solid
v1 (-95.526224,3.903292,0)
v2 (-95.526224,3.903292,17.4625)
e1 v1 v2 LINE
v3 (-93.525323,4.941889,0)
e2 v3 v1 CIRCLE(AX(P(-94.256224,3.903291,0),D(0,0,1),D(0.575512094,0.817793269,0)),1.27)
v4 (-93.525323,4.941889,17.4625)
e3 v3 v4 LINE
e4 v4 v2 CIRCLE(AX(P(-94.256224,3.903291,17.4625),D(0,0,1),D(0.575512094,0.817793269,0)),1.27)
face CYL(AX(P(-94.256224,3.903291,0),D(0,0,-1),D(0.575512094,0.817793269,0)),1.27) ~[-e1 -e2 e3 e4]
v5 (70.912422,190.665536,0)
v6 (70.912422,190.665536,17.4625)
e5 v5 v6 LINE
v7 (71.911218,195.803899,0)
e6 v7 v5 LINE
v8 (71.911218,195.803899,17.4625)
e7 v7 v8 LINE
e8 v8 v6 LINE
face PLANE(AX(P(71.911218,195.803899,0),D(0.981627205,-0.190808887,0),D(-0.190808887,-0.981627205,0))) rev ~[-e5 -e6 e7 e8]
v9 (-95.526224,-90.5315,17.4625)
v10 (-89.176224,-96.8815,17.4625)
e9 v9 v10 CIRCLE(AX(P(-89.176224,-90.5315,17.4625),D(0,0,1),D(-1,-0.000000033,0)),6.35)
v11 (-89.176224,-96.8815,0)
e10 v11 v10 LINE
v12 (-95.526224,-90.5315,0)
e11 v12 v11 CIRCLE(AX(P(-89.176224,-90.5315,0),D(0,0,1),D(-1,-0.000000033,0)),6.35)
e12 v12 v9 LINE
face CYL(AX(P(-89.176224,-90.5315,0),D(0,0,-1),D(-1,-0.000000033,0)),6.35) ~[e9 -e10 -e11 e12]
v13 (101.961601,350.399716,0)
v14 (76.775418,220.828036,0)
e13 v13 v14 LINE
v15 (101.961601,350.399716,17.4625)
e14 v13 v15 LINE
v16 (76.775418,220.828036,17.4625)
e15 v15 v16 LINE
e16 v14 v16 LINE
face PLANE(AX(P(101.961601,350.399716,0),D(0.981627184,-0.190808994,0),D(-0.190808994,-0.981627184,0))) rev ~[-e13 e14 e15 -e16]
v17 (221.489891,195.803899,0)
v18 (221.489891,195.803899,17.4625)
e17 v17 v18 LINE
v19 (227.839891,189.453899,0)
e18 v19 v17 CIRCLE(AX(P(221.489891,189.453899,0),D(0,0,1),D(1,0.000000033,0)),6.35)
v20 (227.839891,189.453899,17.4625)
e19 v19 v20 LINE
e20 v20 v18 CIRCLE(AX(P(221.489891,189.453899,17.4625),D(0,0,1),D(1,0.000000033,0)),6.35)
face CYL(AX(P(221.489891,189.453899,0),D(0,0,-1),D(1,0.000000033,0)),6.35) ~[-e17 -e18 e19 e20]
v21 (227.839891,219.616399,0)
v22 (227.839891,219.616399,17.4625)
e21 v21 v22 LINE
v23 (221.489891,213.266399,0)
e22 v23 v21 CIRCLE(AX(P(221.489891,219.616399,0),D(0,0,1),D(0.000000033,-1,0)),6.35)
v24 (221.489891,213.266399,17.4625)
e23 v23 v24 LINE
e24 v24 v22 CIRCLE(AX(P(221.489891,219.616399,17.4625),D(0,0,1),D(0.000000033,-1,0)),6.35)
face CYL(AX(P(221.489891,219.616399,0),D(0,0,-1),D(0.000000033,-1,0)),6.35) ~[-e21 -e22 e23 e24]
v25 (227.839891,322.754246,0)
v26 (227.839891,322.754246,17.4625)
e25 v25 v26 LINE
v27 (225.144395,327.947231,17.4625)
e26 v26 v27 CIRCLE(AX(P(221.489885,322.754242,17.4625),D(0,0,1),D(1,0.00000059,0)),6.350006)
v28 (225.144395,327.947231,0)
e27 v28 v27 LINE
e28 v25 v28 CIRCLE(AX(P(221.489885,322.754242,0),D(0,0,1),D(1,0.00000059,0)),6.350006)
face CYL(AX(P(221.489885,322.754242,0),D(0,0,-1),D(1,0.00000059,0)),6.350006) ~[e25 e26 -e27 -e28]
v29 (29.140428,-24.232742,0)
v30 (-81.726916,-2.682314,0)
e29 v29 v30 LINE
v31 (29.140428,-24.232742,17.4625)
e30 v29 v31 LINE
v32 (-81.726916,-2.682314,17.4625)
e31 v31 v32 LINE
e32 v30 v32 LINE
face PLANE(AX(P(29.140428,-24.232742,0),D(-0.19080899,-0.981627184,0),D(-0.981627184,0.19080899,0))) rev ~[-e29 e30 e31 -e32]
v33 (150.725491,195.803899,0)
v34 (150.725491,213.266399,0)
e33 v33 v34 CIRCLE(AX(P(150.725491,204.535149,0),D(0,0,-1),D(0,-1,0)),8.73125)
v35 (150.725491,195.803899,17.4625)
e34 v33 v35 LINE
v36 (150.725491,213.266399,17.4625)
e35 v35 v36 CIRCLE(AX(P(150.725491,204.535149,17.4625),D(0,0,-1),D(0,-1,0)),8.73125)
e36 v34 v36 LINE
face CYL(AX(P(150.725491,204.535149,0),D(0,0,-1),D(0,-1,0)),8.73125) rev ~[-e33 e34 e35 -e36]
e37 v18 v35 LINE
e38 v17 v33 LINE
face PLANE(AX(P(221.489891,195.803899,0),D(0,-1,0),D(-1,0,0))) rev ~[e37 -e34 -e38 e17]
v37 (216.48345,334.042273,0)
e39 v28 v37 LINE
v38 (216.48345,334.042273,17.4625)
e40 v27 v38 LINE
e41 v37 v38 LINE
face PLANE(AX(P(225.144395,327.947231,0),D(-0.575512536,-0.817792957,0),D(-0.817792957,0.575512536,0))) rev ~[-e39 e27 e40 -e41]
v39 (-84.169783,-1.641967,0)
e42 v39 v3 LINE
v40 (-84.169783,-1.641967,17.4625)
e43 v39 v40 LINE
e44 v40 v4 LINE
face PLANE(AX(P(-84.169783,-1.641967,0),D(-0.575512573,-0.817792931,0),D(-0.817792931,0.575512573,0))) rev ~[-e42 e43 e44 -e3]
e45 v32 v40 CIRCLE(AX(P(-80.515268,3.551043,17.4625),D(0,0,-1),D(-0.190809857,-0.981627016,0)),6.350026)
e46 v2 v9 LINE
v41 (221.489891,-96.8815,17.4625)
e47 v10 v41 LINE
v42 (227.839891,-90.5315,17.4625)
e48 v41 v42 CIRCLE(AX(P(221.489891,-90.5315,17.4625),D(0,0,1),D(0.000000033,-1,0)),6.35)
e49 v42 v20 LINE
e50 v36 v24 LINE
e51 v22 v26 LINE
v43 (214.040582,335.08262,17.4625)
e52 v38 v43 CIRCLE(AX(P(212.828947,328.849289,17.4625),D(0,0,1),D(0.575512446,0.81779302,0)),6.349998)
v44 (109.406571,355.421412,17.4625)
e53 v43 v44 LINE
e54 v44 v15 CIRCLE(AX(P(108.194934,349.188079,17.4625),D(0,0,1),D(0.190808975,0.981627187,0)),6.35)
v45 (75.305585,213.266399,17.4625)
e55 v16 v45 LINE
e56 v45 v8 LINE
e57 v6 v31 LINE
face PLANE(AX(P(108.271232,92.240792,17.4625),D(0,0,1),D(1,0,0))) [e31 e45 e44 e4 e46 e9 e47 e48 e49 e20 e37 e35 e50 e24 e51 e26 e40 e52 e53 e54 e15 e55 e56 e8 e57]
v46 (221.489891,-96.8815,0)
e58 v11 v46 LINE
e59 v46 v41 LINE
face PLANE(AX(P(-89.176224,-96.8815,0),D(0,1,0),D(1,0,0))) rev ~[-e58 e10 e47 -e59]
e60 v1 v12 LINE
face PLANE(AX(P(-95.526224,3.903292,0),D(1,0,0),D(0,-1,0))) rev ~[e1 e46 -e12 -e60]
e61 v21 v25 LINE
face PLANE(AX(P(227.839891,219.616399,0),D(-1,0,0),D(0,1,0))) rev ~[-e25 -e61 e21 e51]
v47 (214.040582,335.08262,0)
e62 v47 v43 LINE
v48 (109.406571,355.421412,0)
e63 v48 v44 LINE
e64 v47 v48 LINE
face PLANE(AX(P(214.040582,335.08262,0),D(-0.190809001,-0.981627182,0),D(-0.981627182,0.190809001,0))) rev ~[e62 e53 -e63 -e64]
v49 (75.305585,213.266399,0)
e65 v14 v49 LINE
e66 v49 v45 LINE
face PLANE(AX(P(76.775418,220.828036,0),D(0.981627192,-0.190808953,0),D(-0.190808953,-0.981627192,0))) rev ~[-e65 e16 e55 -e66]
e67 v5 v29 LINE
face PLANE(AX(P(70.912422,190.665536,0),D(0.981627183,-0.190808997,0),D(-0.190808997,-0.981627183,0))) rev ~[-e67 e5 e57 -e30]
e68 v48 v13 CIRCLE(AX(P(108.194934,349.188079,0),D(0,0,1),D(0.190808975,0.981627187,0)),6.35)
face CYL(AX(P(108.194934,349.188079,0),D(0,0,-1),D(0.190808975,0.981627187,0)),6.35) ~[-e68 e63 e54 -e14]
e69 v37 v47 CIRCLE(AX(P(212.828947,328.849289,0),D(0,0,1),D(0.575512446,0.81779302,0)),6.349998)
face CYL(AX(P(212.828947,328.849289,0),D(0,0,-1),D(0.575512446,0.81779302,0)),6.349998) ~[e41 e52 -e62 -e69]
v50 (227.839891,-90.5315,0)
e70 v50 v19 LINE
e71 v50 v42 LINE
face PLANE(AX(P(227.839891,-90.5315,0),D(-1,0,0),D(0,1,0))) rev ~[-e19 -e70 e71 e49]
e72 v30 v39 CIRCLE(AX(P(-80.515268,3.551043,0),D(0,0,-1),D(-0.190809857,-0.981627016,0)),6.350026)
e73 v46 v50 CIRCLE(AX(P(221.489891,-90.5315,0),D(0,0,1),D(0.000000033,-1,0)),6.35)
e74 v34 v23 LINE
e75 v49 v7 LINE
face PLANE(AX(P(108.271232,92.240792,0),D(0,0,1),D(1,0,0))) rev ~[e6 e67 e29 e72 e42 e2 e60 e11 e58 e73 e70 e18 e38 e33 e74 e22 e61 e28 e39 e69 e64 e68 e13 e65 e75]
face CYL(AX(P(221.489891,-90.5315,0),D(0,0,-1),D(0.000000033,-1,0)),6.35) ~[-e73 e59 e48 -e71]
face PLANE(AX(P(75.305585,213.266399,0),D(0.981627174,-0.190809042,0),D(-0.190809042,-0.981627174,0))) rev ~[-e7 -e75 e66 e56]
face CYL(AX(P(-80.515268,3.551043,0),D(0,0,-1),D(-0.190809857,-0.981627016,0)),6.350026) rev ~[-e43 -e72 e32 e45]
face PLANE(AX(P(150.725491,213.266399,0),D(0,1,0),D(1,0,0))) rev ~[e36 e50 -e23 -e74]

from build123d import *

# Parameters (mm, degrees)
F1_DEPTH = 17.4625


with BuildPart() as f1:
    # F0 (on Top) → F1 (new body)
    with BuildSketch(Plane.XY):
        with BuildLine():
            Line((-84.169783, -1.641967), (-93.525323, 4.941889))
            ThreePointArc((-93.525323, 4.941889), (-94.841312, 5.030488), (-95.526224, 3.903292))
            Line((-95.526224, 3.903292), (-95.526224, -90.5315))
            ThreePointArc((-95.526224, -90.5315), (-93.666352, -95.021628), (-89.176224, -96.8815))
            Line((-89.176224, -96.8815), (221.489891, -96.8815))
            ThreePointArc((221.489891, -96.8815), (225.980019, -95.021628), (227.839891, -90.5315))
            Line((227.839891, -90.5315), (227.839891, 189.453899))
            ThreePointArc((227.839891, 189.453899), (225.980019, 193.944027), (221.489891, 195.803899))
            Line((221.489891, 195.803899), (150.725491, 195.803899))
            ThreePointArc((150.725491, 195.803899), (141.994241, 204.535149), (150.725491, 213.266399))
            Line((150.725491, 213.266399), (221.489891, 213.266399))
            ThreePointArc((221.489891, 213.266399), (225.980019, 215.126271), (227.839891, 219.616399))
            Line((227.839891, 219.616399), (227.839891, 322.754246))
            ThreePointArc((227.839891, 322.754246), (227.125873, 325.679685), (225.144395, 327.947231))
            Line((225.144395, 327.947231), (216.48345, 334.042273))
            ThreePointArc((216.48345, 334.042273), (215.316999, 334.691555), (214.040582, 335.08262))
            Line((214.040582, 335.08262), (109.406571, 355.421412))
            ThreePointArc((109.406571, 355.421412), (104.644059, 354.452468), (101.961601, 350.399716))
            Line((101.961601, 350.399716), (76.775418, 220.828036))
            Line((76.775418, 220.828036), (75.305585, 213.266399))
            Line((75.305585, 213.266399), (71.911218, 195.803899))
            Line((71.911218, 195.803899), (70.912422, 190.665536))
            Line((70.912422, 190.665536), (29.140428, -24.232742))
            Line((29.140428, -24.232742), (-81.726916, -2.682314))
            ThreePointArc((-81.726916, -2.682314), (-83.003333, -2.291248), (-84.169783, -1.641967))
        make_face()
    extrude(amount=F1_DEPTH)


solid = f1.part
